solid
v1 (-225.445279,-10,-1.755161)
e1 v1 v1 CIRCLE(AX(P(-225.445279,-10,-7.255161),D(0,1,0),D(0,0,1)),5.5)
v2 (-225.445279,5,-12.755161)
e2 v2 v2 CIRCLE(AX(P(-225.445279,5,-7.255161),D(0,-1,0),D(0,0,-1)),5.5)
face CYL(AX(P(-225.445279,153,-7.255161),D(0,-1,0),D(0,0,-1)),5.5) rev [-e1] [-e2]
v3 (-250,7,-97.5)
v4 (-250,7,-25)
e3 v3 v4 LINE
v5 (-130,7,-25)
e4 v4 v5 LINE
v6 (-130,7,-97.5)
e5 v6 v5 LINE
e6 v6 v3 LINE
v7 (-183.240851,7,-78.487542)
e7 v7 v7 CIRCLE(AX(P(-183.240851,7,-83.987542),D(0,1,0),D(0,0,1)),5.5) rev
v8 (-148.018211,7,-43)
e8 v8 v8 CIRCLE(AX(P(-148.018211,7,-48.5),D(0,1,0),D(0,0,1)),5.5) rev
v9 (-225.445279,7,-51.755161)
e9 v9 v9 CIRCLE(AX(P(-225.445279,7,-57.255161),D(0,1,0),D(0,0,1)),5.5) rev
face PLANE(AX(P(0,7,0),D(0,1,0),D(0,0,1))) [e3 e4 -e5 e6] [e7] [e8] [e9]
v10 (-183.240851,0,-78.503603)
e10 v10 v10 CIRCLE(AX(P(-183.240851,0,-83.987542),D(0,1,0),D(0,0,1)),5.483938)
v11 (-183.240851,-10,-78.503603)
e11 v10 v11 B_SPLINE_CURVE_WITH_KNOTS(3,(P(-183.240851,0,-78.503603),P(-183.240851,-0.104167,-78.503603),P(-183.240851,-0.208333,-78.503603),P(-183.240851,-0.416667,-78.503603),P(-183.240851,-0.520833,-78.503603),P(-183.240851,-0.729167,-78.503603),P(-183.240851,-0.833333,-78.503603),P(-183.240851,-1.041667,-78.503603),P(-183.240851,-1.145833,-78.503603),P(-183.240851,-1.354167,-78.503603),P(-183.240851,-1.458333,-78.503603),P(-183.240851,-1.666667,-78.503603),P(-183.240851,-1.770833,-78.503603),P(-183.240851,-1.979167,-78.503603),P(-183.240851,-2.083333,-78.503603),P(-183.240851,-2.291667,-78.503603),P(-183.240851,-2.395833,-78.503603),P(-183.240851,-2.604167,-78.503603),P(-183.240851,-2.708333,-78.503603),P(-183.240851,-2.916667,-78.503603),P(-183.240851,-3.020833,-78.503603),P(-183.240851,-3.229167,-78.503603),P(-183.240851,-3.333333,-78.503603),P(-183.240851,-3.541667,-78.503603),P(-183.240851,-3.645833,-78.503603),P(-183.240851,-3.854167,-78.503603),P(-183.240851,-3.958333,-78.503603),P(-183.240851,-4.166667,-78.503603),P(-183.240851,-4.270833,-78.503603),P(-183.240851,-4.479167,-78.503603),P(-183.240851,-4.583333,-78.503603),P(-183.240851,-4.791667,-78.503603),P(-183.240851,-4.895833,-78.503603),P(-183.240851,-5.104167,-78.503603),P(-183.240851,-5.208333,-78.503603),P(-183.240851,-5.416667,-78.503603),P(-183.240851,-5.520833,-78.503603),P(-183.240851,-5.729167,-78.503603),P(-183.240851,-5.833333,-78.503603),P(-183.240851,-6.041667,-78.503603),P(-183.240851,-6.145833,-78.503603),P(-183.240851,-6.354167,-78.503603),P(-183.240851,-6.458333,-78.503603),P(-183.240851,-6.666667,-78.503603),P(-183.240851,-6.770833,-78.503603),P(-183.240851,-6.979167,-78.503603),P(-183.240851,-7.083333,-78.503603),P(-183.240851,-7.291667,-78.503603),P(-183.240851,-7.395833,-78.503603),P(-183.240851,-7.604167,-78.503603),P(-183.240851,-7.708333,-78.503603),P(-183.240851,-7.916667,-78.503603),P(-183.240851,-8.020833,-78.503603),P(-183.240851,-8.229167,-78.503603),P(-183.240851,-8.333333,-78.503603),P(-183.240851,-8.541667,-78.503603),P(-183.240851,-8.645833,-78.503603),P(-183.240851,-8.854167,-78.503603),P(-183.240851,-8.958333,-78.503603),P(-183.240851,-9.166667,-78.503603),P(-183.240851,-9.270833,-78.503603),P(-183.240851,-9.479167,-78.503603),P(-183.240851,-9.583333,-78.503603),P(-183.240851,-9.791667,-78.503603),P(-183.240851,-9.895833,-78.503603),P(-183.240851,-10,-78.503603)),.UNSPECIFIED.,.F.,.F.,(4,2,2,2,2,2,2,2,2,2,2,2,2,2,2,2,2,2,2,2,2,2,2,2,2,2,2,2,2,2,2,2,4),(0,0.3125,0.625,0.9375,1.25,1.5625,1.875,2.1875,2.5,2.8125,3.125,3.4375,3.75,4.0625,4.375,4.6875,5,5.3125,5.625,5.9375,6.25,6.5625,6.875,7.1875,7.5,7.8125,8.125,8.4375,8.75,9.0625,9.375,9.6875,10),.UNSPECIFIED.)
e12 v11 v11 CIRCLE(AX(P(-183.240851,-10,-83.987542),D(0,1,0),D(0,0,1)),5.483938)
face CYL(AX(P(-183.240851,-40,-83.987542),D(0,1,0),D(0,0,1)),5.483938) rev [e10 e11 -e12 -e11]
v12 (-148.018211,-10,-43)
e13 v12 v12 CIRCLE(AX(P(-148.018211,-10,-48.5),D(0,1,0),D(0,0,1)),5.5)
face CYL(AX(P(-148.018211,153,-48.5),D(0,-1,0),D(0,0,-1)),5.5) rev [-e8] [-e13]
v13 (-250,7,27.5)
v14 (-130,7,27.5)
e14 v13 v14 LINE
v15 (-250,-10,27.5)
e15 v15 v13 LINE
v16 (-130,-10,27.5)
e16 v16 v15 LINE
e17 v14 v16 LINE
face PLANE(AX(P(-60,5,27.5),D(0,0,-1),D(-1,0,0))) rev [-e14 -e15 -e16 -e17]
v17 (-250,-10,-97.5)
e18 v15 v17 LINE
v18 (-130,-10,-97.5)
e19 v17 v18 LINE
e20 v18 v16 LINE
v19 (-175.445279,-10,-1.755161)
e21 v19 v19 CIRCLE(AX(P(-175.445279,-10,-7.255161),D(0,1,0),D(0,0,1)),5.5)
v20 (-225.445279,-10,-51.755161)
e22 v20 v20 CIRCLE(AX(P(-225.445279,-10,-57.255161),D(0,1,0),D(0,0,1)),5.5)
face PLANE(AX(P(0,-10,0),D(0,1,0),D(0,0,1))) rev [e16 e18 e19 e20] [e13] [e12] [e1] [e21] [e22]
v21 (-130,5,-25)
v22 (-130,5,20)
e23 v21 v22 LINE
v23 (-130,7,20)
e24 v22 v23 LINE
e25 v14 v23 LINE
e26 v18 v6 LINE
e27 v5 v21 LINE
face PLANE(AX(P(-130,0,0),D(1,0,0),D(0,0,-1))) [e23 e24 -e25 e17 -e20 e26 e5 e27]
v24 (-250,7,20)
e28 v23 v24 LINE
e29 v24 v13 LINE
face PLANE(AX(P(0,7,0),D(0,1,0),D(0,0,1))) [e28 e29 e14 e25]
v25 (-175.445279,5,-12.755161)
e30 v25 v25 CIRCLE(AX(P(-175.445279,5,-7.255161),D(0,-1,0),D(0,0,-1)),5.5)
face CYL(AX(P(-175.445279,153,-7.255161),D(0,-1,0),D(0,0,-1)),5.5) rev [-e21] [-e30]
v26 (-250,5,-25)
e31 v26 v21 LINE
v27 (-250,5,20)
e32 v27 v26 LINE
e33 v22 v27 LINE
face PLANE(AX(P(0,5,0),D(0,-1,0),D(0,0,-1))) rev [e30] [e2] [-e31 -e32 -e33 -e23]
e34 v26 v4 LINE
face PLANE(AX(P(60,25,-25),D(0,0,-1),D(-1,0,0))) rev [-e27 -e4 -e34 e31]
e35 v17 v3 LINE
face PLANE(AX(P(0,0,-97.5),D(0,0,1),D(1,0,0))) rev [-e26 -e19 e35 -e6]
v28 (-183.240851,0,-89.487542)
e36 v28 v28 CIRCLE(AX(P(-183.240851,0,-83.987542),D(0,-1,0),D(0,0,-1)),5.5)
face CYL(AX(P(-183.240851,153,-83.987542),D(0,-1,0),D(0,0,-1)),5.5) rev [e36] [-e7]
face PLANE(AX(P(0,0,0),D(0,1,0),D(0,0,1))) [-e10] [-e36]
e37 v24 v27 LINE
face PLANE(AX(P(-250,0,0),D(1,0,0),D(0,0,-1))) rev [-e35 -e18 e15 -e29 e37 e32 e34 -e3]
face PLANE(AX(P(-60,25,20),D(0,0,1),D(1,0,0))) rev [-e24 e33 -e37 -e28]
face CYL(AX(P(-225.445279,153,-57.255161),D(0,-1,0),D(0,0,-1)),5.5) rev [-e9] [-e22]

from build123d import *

# Parameters (mm, degrees)
SKETCH1_W           = 120
SKETCH1_H           = 55
BOSS_EXTRUDE1_DEPTH = 5
SKETCH2_W           = 120
SKETCH2_H           = 7.5
BOSS_EXTRUDE2_DEPTH = 20
SKETCH3_W           = 120
SKETCH3_H           = 2.5
BOSS_EXTRUDE4_DEPTH = 20
BOSS_EXTRUDE5_DEPTH = 190
SKETCH9_W           = 310
SKETCH9_H           = 25
BOSS_EXTRUDE6_DEPTH = 70
SKETCH14_R          = 5.5
CUT_EXTRUDE5_DEPTH  = 153
SKETCH15_W          = 125
SKETCH15_H          = 25
CUT_EXTRUDE6_DEPTH  = 190
SKETCH16_W          = 120
SKETCH16_H          = 125
BOSS_EXTRUDE8_DEPTH = 10
SKETCH17_W          = 120
SKETCH17_H          = 125
CUT_EXTRUDE7_DEPTH  = 18
CUT_EXTRUDE8_START  = -18
SKETCH18_R          = 5.5
CUT_EXTRUDE8_DEPTH  = 18
CUT_EXTRUDE9_START  = -47
SKETCH20_R          = 5.483938487
SKETCH20_R_2        = 5.5
CUT_EXTRUDE9_DEPTH  = 47
CUT_EXTRUDE10_START = -47
SKETCH21_R          = 5.5
CUT_EXTRUDE10_DEPTH = 47
CUT_EXTRUDE11_START = -47
SKETCH22_R          = 5.5
CUT_EXTRUDE11_DEPTH = 47


with BuildPart() as part:
    # Sketch1 → Boss-Extrude1 (new body)
    with BuildSketch(Plane(origin=(0, 0, 0), x_dir=(1, 0, 0), z_dir=(0, 1, 0))):
        Rectangle(SKETCH1_W, SKETCH1_H)
    extrude(amount=BOSS_EXTRUDE1_DEPTH)

    # Sketch2 → Boss-Extrude2 (add)
    with BuildSketch(Plane(origin=(0, 5, 0), x_dir=(1, 0, 0), z_dir=(0, 1, 0))):
        with Locations((0, -23.75)):
            Rectangle(SKETCH2_W, SKETCH2_H)
    extrude(amount=BOSS_EXTRUDE2_DEPTH)

    # Sketch3 → Boss-Extrude4 (add)
    with BuildSketch(Plane(origin=(0, 5, 0), x_dir=(1, 0, 0), z_dir=(0, 1, 0))):
        with Locations((0, 26.25)):
            Rectangle(SKETCH3_W, SKETCH3_H)
    extrude(amount=BOSS_EXTRUDE4_DEPTH)

    # Sketch8 → Boss-Extrude5 (add)
    with BuildSketch(Plane.ZY.offset(60)):
        Polygon((-27.5, 0), (-27.5, 25), (-25, 25), (-25, 5), (20, 5), (20, 25), (27.5, 25), (27.5, 0), align=None)
    extrude(amount=BOSS_EXTRUDE5_DEPTH)

    # Sketch9 → Boss-Extrude6 (add)
    with BuildSketch(Plane(origin=(0, 0, -27.5), x_dir=(-1, 0, 0), z_dir=(0, 0, -1))):
        with Locations((95, 12.5)):
            Rectangle(SKETCH9_W, SKETCH9_H)
    extrude(amount=BOSS_EXTRUDE6_DEPTH)

    # Sketch14 → Cut-Extrude5 (cut)
    with BuildSketch(Plane(origin=(0, 0, 0), x_dir=(-1, 0, 0), z_dir=(0, -1, 0))):
        with Locations(Location((225.445279058, 7.255161462, 0), (0, 0, 90))):
            Circle(SKETCH14_R)
        with Locations(Location((175.445279058, 7.255161462, 0), (0, 0, 90))):
            Circle(SKETCH14_R)
        with Locations(Location((225.445279058, 57.255161462, 0), (0, 0, 90))):
            Circle(SKETCH14_R)
        with Locations(Location((148.0182107, 48.5, 0), (0, 0, 90))):
            Circle(SKETCH14_R)
        with Locations(Location((183.240850763, 83.987541856, 0), (0, 0, 90))):
            Circle(SKETCH14_R)
    extrude(amount=-CUT_EXTRUDE5_DEPTH, mode=Mode.SUBTRACT)

    # Sketch15 → Cut-Extrude6 (cut)
    with BuildSketch(Plane(origin=(60, 0, 0), x_dir=(0, 0, -1), z_dir=(1, 0, 0))):
        with Locations((35, 12.5)):
            Rectangle(SKETCH15_W, SKETCH15_H)
    extrude(amount=-CUT_EXTRUDE6_DEPTH, mode=Mode.SUBTRACT)

    # Sketch16 → Boss-Extrude8 (add)
    with BuildSketch(Plane(origin=(0, 0, 0), x_dir=(-1, 0, 0), z_dir=(0, -1, 0))):
        with Locations((190, 35)):
            Rectangle(SKETCH16_W, SKETCH16_H)
    extrude(amount=BOSS_EXTRUDE8_DEPTH)

    # Sketch17 → Cut-Extrude7 (cut)
    with BuildSketch(Plane(origin=(0, 25, 0), x_dir=(1, 0, 0), z_dir=(0, 1, 0))):
        with Locations((-190, 35)):
            Rectangle(SKETCH17_W, SKETCH17_H)
    extrude(amount=-CUT_EXTRUDE7_DEPTH, mode=Mode.SUBTRACT)

    # Sketch18 → Cut-Extrude8 (cut)
    with BuildSketch(Plane(origin=(0, 7, 0), x_dir=(1, 0, 0), z_dir=(0, 1, 0)).offset(CUT_EXTRUDE8_START)):
        with Locations(Location((-148.0182107, 48.5, 0), (0, 0, 270))):
            Circle(SKETCH18_R)
    extrude(amount=CUT_EXTRUDE8_DEPTH, mode=Mode.SUBTRACT)

    # Sketch20 → Cut-Extrude9 (cut)
    with BuildSketch(Plane(origin=(0, 7, 0), x_dir=(1, 0, 0), z_dir=(0, 1, 0)).offset(CUT_EXTRUDE9_START)):
        with Locations(Location((-183.240850763, 83.987541856, 0), (0, 0, 270))):
            Circle(SKETCH20_R)
        with Locations(Location((-225.445279058, 57.255161462, 0), (0, 0, 270))):
            Circle(SKETCH20_R_2)
    extrude(amount=CUT_EXTRUDE9_DEPTH, mode=Mode.SUBTRACT)

    # Sketch21 → Cut-Extrude10 (cut)
    with BuildSketch(Plane(origin=(0, 5, 0), x_dir=(1, 0, 0), z_dir=(0, 1, 0)).offset(CUT_EXTRUDE10_START)):
        with Locations(Location((-225.445279058, 7.255161462, 0), (0, 0, 90))):
            Circle(SKETCH21_R)
    extrude(amount=CUT_EXTRUDE10_DEPTH, mode=Mode.SUBTRACT)

    # Sketch22 → Cut-Extrude11 (cut)
    with BuildSketch(Plane(origin=(0, 5, 0), x_dir=(1, 0, 0), z_dir=(0, 1, 0)).offset(CUT_EXTRUDE11_START)):
        with Locations(Location((-175.445279058, 7.255161462, 0), (0, 0, 90))):
            Circle(SKETCH22_R)
    extrude(amount=CUT_EXTRUDE11_DEPTH, mode=Mode.SUBTRACT)


solid = part.part
